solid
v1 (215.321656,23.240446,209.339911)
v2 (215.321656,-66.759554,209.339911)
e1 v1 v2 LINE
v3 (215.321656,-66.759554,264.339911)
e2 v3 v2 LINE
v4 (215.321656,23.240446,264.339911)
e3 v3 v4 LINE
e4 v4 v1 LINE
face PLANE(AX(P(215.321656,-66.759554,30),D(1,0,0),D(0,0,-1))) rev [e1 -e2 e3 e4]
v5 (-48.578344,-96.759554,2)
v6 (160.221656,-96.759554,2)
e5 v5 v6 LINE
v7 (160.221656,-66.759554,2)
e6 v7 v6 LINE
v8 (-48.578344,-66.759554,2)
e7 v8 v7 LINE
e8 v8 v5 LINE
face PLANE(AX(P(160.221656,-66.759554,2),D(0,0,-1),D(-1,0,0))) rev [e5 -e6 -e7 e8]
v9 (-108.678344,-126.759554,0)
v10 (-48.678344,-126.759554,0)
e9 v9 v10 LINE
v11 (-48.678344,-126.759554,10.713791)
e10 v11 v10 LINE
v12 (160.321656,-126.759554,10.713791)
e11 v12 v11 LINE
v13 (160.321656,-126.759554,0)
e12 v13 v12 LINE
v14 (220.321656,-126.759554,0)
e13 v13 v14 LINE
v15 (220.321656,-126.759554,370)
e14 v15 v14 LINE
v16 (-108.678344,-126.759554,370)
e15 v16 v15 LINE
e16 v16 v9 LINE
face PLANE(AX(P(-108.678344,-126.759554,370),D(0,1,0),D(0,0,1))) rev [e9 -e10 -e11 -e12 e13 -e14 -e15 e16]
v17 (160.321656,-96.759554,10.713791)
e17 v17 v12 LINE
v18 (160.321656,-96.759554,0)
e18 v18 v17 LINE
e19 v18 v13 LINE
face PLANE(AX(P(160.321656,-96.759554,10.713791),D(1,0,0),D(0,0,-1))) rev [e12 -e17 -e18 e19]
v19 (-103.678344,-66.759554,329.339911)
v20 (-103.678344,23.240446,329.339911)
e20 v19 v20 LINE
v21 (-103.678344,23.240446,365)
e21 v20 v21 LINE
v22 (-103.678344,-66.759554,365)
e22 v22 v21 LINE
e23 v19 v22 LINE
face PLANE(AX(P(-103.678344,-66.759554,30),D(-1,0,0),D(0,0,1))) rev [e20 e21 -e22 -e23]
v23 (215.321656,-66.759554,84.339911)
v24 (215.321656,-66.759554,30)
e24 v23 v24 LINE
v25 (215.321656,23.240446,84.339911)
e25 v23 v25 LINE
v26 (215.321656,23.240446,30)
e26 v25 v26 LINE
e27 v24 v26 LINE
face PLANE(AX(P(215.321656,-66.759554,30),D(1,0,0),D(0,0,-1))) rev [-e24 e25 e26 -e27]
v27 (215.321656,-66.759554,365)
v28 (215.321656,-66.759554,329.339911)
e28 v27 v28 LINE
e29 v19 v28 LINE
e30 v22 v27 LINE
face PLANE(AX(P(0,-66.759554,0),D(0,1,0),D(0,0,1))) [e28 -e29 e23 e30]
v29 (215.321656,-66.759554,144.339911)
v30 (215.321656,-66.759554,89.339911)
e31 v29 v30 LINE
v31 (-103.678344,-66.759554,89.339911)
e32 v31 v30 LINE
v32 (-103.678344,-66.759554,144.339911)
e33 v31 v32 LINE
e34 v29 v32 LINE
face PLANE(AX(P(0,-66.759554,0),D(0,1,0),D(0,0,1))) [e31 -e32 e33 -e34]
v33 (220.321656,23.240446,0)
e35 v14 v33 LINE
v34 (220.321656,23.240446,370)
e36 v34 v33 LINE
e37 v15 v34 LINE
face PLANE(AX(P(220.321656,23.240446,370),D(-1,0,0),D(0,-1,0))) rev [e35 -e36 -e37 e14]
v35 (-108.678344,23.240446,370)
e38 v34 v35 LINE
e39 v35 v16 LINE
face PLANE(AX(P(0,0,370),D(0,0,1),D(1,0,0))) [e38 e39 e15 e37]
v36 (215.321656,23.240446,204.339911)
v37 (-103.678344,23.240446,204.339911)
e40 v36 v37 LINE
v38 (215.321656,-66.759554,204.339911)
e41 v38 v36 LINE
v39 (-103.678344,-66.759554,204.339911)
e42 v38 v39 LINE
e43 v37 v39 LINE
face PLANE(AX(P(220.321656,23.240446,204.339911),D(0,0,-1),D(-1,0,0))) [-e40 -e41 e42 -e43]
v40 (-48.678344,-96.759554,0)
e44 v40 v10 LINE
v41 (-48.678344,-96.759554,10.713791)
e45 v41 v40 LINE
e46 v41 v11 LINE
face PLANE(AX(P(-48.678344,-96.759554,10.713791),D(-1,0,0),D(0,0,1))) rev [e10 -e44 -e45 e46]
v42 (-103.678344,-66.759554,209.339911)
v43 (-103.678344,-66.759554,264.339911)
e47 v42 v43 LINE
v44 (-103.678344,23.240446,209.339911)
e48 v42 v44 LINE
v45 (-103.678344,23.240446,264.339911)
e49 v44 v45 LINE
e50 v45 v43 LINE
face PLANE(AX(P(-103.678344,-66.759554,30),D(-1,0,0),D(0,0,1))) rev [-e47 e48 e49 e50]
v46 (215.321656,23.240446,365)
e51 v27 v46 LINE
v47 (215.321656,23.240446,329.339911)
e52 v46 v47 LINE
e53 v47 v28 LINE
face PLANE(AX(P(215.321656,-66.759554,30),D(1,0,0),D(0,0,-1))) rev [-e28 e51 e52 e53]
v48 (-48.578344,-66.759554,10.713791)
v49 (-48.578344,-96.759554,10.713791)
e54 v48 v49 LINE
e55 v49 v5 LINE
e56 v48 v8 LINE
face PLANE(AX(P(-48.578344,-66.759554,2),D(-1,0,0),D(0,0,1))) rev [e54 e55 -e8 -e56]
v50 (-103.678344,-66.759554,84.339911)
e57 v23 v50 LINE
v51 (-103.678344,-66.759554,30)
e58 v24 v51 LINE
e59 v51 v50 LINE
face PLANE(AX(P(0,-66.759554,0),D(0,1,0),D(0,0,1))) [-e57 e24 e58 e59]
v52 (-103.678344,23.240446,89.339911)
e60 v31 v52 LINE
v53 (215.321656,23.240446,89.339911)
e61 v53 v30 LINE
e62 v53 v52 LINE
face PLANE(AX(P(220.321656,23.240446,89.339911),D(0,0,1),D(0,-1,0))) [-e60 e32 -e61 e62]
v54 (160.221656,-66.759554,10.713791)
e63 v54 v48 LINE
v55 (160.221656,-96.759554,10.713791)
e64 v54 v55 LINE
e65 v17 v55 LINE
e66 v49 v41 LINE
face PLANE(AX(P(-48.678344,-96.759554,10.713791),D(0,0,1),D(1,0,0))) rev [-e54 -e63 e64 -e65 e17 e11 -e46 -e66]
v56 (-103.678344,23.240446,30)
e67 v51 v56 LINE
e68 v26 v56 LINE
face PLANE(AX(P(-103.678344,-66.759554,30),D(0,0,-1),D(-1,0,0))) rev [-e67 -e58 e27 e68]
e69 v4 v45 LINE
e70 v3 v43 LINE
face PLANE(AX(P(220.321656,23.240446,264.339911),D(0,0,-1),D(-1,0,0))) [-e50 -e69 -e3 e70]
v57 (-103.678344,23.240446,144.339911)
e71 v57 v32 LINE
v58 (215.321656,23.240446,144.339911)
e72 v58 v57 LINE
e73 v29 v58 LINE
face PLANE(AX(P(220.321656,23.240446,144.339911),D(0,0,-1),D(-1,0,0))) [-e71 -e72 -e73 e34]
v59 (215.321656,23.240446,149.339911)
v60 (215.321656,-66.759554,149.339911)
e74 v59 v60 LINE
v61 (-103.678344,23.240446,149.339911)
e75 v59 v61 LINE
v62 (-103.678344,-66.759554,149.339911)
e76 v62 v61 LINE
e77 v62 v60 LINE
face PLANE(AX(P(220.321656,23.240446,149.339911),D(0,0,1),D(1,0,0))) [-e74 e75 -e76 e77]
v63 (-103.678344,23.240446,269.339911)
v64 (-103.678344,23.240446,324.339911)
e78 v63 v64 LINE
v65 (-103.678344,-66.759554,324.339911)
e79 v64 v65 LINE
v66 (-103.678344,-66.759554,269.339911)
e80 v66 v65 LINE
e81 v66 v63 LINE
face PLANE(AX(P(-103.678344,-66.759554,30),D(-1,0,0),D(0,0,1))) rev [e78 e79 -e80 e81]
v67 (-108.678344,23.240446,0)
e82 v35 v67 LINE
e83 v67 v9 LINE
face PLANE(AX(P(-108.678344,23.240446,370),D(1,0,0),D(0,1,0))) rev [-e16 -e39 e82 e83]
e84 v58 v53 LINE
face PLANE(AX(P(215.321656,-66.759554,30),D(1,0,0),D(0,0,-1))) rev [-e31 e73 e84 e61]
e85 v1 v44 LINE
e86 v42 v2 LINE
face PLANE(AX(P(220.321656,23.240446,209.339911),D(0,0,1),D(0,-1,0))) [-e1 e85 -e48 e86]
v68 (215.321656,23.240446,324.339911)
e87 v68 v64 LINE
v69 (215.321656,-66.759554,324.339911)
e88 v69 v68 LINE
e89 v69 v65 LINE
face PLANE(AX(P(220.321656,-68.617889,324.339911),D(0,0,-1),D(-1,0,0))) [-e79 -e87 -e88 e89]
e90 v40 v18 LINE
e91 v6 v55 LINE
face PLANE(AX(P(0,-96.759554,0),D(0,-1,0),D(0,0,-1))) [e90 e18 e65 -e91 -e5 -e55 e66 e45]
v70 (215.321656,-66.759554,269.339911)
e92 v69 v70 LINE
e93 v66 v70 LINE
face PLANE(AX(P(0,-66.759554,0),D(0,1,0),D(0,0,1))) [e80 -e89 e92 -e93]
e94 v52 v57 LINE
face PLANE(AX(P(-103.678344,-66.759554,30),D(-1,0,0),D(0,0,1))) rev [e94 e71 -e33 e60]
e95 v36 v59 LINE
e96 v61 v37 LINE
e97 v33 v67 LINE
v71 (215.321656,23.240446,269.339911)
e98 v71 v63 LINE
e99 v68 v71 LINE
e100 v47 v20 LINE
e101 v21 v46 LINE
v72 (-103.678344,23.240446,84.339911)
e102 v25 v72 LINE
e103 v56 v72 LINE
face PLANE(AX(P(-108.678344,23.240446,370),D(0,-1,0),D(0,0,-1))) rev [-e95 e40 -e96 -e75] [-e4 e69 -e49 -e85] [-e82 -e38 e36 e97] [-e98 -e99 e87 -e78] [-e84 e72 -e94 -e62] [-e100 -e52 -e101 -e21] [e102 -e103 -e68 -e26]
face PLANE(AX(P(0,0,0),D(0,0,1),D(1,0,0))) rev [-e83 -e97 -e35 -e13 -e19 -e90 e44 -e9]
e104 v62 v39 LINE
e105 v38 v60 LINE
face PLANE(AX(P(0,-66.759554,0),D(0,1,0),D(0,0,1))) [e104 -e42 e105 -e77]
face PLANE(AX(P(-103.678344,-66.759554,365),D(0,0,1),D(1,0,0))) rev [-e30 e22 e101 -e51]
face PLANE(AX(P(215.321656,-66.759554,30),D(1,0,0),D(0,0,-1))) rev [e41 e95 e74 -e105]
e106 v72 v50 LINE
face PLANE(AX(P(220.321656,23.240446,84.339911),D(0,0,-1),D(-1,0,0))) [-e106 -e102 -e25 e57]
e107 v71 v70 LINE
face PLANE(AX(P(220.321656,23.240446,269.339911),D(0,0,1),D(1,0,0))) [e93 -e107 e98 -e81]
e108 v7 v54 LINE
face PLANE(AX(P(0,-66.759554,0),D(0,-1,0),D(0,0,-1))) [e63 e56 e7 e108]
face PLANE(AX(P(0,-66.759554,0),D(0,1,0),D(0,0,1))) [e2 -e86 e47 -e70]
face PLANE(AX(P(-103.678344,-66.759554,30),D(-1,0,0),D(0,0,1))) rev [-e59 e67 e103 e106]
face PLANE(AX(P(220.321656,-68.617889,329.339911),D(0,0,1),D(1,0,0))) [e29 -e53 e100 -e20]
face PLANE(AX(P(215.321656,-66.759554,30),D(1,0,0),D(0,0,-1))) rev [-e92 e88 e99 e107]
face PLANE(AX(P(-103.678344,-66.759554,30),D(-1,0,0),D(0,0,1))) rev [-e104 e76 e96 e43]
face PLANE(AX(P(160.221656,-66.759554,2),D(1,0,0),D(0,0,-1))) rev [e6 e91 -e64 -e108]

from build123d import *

# Parameters (mm, degrees)
ESQUISSE1_W             = 329
ESQUISSE1_H             = 150
BOSS_EXTRU_1_DEPTH      = 370
ESQUISSE2_W             = 319
ESQUISSE2_H             = 335
ENL_V_MAT_EXTRU_1_DEPTH = 90
ESQUISSE3_W             = 209
ESQUISSE3_H             = 10.713791462
ENL_V_MAT_EXTRU_2_DEPTH = 30
ESQUISSE4_W             = 208.8
ESQUISSE4_H             = 8.713791462
ENL_V_MAT_EXTRU_3_DEPTH = 30
ESQUISSE6_W             = 90.150575604
ESQUISSE6_H             = 11.402147775
BOSS_EXTRU_3_DEPTH      = 30
ESQUISSE7_W             = 5
ESQUISSE7_H             = 90
BOSS_EXTRU_4_DEPTH      = 329
ESQUISSE8_W             = 5
ESQUISSE8_H             = 92.498011514
BOSS_EXTRU_5_DEPTH      = 329
ESQUISSE9_W             = 5
ESQUISSE9_H             = 90
BOSS_EXTRU_6_DEPTH      = 329
ESQUISSE10_W            = 5
ESQUISSE10_H            = 90
BOSS_EXTRU_7_DEPTH      = 329
ESQUISSE11_W            = 5
ESQUISSE11_H            = 91.858335329
BOSS_EXTRU_8_DEPTH      = 329


with BuildPart() as part:
    # Esquisse1 → Boss.-Extru.1 (new body)
    with BuildSketch(Plane.XY):
        with Locations((55.821656051, -51.75955414)):
            Rectangle(ESQUISSE1_W, ESQUISSE1_H)
    extrude(amount=BOSS_EXTRU_1_DEPTH)

    # Esquisse2 → Enlèv. mat.-Extru.1 (cut)
    with BuildSketch(Plane(origin=(0, 23.24044586, 0), x_dir=(1, 0, 0), z_dir=(0, 1, 0))):
        with Locations((55.821656051, -197.5)):
            Rectangle(ESQUISSE2_W, ESQUISSE2_H)
    extrude(amount=-ENL_V_MAT_EXTRU_1_DEPTH, mode=Mode.SUBTRACT)

    # Esquisse3 → Enlèv. mat.-Extru.2 (cut)
    with BuildSketch(Plane(origin=(0, -126.75955414, 0), x_dir=(-1, 0, 0), z_dir=(0, -1, 0))):
        with Locations((-55.821656051, -5.356895731)):
            Rectangle(ESQUISSE3_W, ESQUISSE3_H)
    extrude(amount=-ENL_V_MAT_EXTRU_2_DEPTH, mode=Mode.SUBTRACT)

    # Esquisse4 → Enlèv. mat.-Extru.3 (cut)
    with BuildSketch(Plane(origin=(0, -96.75955414, 0), x_dir=(-1, 0, 0), z_dir=(0, -1, 0))):
        with Locations((-55.821656051, -6.356895731)):
            Rectangle(ESQUISSE4_W, ESQUISSE4_H)
    extrude(amount=-ENL_V_MAT_EXTRU_3_DEPTH, mode=Mode.SUBTRACT)

    # Esquisse6 → Boss.-Extru.3 (add)
    with BuildSketch(Plane(origin=(0, -66.75955414, 0), x_dir=(-1, 0, 0), z_dir=(0, -1, 0))):
        with Locations((3.603056147, -11.057969619)):
            Rectangle(ESQUISSE6_W, ESQUISSE6_H)
    extrude(amount=-BOSS_EXTRU_3_DEPTH)

    # Esquisse7 → Boss.-Extru.4 (add)
    with BuildSketch(Plane.ZY.offset(108.678343949)):
        with Locations((86.839910946, -21.75955414)):
            Rectangle(ESQUISSE7_W, ESQUISSE7_H)
    extrude(amount=-BOSS_EXTRU_4_DEPTH)

    # Esquisse8 → Boss.-Extru.5 (add)
    with BuildSketch(Plane.ZY.offset(108.678343949)):
        with Locations((146.839910946, -23.008559897)):
            Rectangle(ESQUISSE8_W, ESQUISSE8_H)
    extrude(amount=-BOSS_EXTRU_5_DEPTH)

    # Esquisse9 → Boss.-Extru.6 (add)
    with BuildSketch(Plane.ZY.offset(108.678343949)):
        with Locations((206.839910946, -21.75955414)):
            Rectangle(ESQUISSE9_W, ESQUISSE9_H)
    extrude(amount=-BOSS_EXTRU_6_DEPTH)

    # Esquisse10 → Boss.-Extru.7 (add)
    with BuildSketch(Plane.ZY.offset(108.678343949)):
        with Locations((266.839910946, -21.75955414)):
            Rectangle(ESQUISSE10_W, ESQUISSE10_H)
    extrude(amount=-BOSS_EXTRU_7_DEPTH)

    # Esquisse11 → Boss.-Extru.8 (add)
    with BuildSketch(Plane.ZY.offset(108.678343949)):
        with Locations((326.839910946, -22.688721805)):
            Rectangle(ESQUISSE11_W, ESQUISSE11_H)
    extrude(amount=-BOSS_EXTRU_8_DEPTH)


solid = part.part
